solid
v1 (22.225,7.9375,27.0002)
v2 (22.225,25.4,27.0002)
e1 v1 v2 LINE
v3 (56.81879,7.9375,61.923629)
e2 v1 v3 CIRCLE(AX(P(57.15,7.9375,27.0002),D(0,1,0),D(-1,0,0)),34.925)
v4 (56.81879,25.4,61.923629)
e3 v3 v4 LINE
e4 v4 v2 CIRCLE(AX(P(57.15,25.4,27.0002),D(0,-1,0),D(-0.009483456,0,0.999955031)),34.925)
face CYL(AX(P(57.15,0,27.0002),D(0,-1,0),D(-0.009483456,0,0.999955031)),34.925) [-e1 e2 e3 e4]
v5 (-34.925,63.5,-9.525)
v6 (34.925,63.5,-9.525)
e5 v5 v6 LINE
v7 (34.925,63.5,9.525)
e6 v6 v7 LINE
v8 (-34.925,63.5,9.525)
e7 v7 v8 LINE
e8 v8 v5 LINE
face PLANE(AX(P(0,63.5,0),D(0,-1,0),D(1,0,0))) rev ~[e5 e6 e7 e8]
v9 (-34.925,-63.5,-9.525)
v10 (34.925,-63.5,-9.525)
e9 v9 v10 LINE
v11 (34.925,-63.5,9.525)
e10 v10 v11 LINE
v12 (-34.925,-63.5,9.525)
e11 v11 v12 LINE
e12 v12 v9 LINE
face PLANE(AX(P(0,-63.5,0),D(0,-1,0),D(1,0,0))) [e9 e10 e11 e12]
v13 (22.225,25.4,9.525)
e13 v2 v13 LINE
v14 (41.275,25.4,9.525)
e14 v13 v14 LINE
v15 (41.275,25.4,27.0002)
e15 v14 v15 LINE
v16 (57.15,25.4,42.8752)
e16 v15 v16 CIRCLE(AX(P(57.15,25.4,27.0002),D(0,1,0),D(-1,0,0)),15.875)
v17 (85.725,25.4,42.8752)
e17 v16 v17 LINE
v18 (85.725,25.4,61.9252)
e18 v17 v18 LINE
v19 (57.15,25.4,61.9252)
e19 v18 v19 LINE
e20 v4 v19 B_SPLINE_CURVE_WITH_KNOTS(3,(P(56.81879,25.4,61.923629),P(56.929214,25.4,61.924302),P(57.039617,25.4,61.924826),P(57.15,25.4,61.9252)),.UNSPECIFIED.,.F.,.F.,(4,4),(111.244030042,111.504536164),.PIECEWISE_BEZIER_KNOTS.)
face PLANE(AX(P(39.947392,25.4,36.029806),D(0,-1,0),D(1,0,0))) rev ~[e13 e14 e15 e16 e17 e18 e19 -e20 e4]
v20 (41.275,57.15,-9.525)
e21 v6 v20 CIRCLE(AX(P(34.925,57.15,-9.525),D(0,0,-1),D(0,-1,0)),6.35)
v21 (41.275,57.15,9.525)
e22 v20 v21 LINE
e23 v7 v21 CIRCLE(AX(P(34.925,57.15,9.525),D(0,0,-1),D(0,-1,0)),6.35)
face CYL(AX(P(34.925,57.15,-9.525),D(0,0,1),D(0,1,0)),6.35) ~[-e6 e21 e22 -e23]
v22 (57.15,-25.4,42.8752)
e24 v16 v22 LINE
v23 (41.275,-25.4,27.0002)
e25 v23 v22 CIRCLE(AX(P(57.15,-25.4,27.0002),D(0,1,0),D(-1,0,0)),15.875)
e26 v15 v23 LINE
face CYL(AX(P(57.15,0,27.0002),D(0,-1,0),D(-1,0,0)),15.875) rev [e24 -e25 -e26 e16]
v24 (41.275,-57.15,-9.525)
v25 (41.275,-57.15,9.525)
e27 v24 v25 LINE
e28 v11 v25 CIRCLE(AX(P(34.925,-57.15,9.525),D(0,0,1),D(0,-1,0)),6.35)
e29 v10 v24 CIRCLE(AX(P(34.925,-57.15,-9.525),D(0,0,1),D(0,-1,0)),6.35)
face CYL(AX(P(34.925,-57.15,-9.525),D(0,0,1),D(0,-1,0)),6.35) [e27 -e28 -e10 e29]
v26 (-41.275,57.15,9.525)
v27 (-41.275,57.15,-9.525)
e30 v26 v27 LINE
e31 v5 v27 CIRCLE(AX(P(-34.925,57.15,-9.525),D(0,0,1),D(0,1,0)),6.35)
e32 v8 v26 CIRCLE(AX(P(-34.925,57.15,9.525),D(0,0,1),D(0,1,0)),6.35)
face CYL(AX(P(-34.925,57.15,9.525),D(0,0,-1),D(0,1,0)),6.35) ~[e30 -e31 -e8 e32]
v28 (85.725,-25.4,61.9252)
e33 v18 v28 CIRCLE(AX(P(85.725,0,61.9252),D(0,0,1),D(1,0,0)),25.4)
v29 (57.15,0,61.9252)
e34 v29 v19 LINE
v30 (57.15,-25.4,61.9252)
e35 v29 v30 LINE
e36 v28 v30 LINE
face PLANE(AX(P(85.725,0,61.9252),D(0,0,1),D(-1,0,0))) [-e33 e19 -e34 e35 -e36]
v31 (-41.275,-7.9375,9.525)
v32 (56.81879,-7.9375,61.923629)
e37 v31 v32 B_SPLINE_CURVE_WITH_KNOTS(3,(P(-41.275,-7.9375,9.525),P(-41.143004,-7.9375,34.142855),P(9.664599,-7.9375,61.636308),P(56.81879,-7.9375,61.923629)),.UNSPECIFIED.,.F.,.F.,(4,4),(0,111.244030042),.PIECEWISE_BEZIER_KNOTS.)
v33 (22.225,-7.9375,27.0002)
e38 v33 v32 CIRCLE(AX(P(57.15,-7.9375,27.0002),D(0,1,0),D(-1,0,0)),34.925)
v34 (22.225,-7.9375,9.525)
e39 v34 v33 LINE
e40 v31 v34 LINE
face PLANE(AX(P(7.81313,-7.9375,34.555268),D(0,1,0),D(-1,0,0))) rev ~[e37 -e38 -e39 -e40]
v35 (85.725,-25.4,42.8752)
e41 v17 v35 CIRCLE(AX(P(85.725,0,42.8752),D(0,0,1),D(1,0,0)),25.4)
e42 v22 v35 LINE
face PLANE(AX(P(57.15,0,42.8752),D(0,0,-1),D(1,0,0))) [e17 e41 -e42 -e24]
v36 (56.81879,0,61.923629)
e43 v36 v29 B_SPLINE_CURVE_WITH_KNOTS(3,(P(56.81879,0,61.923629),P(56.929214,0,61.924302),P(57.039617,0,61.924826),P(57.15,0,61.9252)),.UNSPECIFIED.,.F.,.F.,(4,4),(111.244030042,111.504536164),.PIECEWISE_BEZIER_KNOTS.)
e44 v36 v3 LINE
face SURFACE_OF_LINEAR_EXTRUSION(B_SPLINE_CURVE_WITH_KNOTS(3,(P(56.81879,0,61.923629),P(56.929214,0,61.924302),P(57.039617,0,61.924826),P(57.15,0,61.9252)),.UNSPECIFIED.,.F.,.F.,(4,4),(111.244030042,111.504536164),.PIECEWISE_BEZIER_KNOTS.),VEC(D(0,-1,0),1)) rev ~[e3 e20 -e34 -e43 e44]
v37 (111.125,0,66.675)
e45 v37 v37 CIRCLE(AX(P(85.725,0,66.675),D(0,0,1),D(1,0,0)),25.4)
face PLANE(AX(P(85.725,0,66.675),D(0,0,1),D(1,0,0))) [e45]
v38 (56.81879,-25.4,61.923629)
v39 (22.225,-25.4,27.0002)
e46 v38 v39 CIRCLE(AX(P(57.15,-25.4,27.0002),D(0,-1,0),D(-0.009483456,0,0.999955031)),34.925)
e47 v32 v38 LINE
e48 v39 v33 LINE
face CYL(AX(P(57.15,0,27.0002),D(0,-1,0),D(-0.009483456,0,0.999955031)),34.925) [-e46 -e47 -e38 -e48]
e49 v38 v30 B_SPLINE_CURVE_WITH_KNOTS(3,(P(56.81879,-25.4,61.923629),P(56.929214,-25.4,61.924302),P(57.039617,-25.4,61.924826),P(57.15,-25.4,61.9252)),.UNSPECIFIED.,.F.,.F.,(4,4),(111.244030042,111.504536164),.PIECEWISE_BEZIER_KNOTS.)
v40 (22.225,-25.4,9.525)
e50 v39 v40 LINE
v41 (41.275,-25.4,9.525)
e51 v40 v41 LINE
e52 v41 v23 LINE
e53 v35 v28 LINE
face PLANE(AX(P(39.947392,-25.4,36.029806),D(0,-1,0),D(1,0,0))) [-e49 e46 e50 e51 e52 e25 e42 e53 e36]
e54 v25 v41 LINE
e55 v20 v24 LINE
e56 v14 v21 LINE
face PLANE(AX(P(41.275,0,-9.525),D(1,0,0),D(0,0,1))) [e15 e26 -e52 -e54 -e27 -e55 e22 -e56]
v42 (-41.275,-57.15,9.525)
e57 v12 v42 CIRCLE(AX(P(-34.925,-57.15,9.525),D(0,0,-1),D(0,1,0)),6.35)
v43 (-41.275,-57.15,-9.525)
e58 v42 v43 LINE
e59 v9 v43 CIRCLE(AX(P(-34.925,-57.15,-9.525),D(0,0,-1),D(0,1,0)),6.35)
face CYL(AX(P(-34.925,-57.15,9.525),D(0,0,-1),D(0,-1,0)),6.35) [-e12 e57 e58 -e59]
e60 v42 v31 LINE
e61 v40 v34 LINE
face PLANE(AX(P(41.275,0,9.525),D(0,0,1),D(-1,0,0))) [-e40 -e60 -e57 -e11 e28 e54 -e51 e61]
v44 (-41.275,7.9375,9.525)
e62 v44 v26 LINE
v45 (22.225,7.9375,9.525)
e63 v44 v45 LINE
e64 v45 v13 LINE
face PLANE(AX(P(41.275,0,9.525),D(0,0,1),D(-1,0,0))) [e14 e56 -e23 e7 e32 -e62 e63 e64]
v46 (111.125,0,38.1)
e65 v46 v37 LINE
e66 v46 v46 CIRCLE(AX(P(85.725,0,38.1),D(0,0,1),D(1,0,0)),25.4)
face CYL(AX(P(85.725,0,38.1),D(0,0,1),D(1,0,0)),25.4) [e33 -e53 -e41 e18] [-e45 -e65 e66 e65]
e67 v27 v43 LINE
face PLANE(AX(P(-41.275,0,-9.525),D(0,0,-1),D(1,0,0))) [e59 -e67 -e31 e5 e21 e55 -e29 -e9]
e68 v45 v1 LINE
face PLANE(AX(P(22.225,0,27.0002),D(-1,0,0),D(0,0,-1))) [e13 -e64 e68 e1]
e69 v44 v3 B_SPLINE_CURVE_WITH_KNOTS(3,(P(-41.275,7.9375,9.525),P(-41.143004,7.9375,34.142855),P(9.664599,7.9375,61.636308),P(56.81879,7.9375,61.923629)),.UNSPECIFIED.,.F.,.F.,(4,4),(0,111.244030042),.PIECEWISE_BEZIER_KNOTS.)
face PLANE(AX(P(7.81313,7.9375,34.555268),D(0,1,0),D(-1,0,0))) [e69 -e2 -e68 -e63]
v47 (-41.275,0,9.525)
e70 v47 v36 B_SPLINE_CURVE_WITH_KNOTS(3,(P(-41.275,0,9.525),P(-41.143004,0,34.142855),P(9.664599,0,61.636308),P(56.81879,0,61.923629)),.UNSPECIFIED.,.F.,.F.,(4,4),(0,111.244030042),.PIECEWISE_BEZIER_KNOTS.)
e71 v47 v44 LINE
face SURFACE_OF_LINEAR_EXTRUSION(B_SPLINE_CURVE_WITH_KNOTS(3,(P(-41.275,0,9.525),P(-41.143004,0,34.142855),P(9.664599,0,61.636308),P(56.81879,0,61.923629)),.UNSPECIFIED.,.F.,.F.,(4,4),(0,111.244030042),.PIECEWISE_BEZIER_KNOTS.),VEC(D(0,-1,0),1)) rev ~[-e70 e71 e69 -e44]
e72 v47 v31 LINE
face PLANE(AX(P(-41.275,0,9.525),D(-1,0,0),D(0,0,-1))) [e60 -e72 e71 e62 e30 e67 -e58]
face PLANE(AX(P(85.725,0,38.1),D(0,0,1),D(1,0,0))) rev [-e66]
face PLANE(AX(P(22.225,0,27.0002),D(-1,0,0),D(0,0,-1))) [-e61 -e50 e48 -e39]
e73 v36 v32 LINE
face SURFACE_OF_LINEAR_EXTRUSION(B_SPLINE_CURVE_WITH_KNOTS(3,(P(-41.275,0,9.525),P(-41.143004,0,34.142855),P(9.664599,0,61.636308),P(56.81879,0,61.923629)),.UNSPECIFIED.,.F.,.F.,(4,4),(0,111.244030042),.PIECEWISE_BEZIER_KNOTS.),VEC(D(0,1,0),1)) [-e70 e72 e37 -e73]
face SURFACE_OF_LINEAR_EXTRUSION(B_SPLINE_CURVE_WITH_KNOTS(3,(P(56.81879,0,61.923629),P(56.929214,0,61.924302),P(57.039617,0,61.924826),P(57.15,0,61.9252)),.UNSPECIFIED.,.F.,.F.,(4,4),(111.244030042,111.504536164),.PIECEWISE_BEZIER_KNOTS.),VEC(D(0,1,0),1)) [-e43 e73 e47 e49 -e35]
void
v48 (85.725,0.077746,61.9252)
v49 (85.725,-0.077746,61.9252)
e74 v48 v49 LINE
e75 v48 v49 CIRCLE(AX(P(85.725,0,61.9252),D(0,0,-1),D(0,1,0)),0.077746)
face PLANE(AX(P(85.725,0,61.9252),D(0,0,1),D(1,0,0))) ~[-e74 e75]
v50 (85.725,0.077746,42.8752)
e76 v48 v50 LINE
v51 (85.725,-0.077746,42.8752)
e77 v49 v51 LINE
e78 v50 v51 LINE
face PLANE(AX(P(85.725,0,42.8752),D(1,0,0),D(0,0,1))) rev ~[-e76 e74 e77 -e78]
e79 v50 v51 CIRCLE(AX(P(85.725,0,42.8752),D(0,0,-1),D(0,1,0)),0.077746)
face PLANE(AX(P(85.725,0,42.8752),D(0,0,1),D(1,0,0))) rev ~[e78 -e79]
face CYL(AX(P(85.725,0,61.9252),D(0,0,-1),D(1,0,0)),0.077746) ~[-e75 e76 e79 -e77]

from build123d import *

# Parameters (mm, degrees)
F1_DEPTH = 63.5
F2_DEPTH = 7.9375
F0_W     = 25.4
F0_H     = 19.05
F3_DEPTH = 25.4
F5_R     = 6.35


with BuildPart() as f1:
    # F0 (on Front) → F1 (new body, symmetric)
    with BuildSketch(Plane.XZ):
        Polygon((-41.275, 9.525), (-41.275, -9.525), (41.275, -9.525), (41.275, 9.525), (22.225, 9.525), align=None)
    extrude(amount=F1_DEPTH, both=True)

    # F0 (on Front) → F2 (join, symmetric)
    with BuildSketch(Plane.XZ):
        with BuildLine():
            add(Edge.make_bspline(
                [(-41.275, 9.525), (-41.1430037548, 34.1428554675), (9.6645992103, 61.636308072), (56.8187902942, 61.9236294583)],
                knots=[0, 0, 0, 0, 111.2440300422, 111.2440300422, 111.2440300422, 111.2440300422], degree=3))
            Line((-41.275, 9.525), (22.225, 9.525))
            Line((22.225, 9.525), (22.225, 27.0002))
            ThreePointArc((22.225, 27.0002), (32.3374716728, 51.5785250653), (56.8187902942, 61.9236294583))
        make_face()
    extrude(amount=F2_DEPTH, both=True)

    # F0 (on Front) → F3 (join, symmetric)
    with BuildSketch(Plane.XZ):
        with BuildLine():
            Line((22.225, 9.525), (41.275, 9.525))
            Line((41.275, 9.525), (41.275, 27.0002))
            ThreePointArc((41.275, 27.0002), (45.9246798487, 38.2255201513), (57.15, 42.8752))
            Line((57.15, 42.8752), (60.325, 42.8752))
            Line((60.325, 42.8752), (60.325, 61.9252))
            Line((60.325, 61.9252), (57.15, 61.9252))
            add(Edge.make_bspline(
                [(56.8187902942, 61.9236294583), (56.9292137967, 61.9243022943), (57.0396172645, 61.9248259369), (57.15, 61.9252)],
                knots=[111.2440300422, 111.2440300422, 111.2440300422, 111.2440300422, 111.5045361635, 111.5045361635, 111.5045361635, 111.5045361635], degree=3))
            ThreePointArc((56.8187902942, 61.9236294583), (32.3374716728, 51.5785250653), (22.225, 27.0002))
            Line((22.225, 27.0002), (22.225, 9.525))
        make_face()
        with Locations((73.025, 52.4002)):
            Rectangle(F0_W, F0_H)
    extrude(amount=F3_DEPTH, both=True)

    # F0 (on Front) → F4 (revolve)
    with BuildSketch(Plane.XZ):
        Polygon((85.725, 66.675), (85.725, 61.9252), (85.802746323, 61.9252), (85.802746323, 42.8752), (85.725, 42.8752), (85.725, 38.1), (111.125, 38.1), (111.125, 66.675), align=None)
    revolve(axis=Axis((85.725, 0, 52.3875), (0, 0, 1)))

    # F5
    f5_edges = [f1.edges().sort_by_distance(p)[0] for p in [
        (-41.275, -63.5, 0),
        (41.275, -63.5, 0),
        (41.275, 63.5, 0),
        (-41.275, 63.5, 0),
    ]]
    fillet(f5_edges, radius=F5_R)


solid = f1.part
